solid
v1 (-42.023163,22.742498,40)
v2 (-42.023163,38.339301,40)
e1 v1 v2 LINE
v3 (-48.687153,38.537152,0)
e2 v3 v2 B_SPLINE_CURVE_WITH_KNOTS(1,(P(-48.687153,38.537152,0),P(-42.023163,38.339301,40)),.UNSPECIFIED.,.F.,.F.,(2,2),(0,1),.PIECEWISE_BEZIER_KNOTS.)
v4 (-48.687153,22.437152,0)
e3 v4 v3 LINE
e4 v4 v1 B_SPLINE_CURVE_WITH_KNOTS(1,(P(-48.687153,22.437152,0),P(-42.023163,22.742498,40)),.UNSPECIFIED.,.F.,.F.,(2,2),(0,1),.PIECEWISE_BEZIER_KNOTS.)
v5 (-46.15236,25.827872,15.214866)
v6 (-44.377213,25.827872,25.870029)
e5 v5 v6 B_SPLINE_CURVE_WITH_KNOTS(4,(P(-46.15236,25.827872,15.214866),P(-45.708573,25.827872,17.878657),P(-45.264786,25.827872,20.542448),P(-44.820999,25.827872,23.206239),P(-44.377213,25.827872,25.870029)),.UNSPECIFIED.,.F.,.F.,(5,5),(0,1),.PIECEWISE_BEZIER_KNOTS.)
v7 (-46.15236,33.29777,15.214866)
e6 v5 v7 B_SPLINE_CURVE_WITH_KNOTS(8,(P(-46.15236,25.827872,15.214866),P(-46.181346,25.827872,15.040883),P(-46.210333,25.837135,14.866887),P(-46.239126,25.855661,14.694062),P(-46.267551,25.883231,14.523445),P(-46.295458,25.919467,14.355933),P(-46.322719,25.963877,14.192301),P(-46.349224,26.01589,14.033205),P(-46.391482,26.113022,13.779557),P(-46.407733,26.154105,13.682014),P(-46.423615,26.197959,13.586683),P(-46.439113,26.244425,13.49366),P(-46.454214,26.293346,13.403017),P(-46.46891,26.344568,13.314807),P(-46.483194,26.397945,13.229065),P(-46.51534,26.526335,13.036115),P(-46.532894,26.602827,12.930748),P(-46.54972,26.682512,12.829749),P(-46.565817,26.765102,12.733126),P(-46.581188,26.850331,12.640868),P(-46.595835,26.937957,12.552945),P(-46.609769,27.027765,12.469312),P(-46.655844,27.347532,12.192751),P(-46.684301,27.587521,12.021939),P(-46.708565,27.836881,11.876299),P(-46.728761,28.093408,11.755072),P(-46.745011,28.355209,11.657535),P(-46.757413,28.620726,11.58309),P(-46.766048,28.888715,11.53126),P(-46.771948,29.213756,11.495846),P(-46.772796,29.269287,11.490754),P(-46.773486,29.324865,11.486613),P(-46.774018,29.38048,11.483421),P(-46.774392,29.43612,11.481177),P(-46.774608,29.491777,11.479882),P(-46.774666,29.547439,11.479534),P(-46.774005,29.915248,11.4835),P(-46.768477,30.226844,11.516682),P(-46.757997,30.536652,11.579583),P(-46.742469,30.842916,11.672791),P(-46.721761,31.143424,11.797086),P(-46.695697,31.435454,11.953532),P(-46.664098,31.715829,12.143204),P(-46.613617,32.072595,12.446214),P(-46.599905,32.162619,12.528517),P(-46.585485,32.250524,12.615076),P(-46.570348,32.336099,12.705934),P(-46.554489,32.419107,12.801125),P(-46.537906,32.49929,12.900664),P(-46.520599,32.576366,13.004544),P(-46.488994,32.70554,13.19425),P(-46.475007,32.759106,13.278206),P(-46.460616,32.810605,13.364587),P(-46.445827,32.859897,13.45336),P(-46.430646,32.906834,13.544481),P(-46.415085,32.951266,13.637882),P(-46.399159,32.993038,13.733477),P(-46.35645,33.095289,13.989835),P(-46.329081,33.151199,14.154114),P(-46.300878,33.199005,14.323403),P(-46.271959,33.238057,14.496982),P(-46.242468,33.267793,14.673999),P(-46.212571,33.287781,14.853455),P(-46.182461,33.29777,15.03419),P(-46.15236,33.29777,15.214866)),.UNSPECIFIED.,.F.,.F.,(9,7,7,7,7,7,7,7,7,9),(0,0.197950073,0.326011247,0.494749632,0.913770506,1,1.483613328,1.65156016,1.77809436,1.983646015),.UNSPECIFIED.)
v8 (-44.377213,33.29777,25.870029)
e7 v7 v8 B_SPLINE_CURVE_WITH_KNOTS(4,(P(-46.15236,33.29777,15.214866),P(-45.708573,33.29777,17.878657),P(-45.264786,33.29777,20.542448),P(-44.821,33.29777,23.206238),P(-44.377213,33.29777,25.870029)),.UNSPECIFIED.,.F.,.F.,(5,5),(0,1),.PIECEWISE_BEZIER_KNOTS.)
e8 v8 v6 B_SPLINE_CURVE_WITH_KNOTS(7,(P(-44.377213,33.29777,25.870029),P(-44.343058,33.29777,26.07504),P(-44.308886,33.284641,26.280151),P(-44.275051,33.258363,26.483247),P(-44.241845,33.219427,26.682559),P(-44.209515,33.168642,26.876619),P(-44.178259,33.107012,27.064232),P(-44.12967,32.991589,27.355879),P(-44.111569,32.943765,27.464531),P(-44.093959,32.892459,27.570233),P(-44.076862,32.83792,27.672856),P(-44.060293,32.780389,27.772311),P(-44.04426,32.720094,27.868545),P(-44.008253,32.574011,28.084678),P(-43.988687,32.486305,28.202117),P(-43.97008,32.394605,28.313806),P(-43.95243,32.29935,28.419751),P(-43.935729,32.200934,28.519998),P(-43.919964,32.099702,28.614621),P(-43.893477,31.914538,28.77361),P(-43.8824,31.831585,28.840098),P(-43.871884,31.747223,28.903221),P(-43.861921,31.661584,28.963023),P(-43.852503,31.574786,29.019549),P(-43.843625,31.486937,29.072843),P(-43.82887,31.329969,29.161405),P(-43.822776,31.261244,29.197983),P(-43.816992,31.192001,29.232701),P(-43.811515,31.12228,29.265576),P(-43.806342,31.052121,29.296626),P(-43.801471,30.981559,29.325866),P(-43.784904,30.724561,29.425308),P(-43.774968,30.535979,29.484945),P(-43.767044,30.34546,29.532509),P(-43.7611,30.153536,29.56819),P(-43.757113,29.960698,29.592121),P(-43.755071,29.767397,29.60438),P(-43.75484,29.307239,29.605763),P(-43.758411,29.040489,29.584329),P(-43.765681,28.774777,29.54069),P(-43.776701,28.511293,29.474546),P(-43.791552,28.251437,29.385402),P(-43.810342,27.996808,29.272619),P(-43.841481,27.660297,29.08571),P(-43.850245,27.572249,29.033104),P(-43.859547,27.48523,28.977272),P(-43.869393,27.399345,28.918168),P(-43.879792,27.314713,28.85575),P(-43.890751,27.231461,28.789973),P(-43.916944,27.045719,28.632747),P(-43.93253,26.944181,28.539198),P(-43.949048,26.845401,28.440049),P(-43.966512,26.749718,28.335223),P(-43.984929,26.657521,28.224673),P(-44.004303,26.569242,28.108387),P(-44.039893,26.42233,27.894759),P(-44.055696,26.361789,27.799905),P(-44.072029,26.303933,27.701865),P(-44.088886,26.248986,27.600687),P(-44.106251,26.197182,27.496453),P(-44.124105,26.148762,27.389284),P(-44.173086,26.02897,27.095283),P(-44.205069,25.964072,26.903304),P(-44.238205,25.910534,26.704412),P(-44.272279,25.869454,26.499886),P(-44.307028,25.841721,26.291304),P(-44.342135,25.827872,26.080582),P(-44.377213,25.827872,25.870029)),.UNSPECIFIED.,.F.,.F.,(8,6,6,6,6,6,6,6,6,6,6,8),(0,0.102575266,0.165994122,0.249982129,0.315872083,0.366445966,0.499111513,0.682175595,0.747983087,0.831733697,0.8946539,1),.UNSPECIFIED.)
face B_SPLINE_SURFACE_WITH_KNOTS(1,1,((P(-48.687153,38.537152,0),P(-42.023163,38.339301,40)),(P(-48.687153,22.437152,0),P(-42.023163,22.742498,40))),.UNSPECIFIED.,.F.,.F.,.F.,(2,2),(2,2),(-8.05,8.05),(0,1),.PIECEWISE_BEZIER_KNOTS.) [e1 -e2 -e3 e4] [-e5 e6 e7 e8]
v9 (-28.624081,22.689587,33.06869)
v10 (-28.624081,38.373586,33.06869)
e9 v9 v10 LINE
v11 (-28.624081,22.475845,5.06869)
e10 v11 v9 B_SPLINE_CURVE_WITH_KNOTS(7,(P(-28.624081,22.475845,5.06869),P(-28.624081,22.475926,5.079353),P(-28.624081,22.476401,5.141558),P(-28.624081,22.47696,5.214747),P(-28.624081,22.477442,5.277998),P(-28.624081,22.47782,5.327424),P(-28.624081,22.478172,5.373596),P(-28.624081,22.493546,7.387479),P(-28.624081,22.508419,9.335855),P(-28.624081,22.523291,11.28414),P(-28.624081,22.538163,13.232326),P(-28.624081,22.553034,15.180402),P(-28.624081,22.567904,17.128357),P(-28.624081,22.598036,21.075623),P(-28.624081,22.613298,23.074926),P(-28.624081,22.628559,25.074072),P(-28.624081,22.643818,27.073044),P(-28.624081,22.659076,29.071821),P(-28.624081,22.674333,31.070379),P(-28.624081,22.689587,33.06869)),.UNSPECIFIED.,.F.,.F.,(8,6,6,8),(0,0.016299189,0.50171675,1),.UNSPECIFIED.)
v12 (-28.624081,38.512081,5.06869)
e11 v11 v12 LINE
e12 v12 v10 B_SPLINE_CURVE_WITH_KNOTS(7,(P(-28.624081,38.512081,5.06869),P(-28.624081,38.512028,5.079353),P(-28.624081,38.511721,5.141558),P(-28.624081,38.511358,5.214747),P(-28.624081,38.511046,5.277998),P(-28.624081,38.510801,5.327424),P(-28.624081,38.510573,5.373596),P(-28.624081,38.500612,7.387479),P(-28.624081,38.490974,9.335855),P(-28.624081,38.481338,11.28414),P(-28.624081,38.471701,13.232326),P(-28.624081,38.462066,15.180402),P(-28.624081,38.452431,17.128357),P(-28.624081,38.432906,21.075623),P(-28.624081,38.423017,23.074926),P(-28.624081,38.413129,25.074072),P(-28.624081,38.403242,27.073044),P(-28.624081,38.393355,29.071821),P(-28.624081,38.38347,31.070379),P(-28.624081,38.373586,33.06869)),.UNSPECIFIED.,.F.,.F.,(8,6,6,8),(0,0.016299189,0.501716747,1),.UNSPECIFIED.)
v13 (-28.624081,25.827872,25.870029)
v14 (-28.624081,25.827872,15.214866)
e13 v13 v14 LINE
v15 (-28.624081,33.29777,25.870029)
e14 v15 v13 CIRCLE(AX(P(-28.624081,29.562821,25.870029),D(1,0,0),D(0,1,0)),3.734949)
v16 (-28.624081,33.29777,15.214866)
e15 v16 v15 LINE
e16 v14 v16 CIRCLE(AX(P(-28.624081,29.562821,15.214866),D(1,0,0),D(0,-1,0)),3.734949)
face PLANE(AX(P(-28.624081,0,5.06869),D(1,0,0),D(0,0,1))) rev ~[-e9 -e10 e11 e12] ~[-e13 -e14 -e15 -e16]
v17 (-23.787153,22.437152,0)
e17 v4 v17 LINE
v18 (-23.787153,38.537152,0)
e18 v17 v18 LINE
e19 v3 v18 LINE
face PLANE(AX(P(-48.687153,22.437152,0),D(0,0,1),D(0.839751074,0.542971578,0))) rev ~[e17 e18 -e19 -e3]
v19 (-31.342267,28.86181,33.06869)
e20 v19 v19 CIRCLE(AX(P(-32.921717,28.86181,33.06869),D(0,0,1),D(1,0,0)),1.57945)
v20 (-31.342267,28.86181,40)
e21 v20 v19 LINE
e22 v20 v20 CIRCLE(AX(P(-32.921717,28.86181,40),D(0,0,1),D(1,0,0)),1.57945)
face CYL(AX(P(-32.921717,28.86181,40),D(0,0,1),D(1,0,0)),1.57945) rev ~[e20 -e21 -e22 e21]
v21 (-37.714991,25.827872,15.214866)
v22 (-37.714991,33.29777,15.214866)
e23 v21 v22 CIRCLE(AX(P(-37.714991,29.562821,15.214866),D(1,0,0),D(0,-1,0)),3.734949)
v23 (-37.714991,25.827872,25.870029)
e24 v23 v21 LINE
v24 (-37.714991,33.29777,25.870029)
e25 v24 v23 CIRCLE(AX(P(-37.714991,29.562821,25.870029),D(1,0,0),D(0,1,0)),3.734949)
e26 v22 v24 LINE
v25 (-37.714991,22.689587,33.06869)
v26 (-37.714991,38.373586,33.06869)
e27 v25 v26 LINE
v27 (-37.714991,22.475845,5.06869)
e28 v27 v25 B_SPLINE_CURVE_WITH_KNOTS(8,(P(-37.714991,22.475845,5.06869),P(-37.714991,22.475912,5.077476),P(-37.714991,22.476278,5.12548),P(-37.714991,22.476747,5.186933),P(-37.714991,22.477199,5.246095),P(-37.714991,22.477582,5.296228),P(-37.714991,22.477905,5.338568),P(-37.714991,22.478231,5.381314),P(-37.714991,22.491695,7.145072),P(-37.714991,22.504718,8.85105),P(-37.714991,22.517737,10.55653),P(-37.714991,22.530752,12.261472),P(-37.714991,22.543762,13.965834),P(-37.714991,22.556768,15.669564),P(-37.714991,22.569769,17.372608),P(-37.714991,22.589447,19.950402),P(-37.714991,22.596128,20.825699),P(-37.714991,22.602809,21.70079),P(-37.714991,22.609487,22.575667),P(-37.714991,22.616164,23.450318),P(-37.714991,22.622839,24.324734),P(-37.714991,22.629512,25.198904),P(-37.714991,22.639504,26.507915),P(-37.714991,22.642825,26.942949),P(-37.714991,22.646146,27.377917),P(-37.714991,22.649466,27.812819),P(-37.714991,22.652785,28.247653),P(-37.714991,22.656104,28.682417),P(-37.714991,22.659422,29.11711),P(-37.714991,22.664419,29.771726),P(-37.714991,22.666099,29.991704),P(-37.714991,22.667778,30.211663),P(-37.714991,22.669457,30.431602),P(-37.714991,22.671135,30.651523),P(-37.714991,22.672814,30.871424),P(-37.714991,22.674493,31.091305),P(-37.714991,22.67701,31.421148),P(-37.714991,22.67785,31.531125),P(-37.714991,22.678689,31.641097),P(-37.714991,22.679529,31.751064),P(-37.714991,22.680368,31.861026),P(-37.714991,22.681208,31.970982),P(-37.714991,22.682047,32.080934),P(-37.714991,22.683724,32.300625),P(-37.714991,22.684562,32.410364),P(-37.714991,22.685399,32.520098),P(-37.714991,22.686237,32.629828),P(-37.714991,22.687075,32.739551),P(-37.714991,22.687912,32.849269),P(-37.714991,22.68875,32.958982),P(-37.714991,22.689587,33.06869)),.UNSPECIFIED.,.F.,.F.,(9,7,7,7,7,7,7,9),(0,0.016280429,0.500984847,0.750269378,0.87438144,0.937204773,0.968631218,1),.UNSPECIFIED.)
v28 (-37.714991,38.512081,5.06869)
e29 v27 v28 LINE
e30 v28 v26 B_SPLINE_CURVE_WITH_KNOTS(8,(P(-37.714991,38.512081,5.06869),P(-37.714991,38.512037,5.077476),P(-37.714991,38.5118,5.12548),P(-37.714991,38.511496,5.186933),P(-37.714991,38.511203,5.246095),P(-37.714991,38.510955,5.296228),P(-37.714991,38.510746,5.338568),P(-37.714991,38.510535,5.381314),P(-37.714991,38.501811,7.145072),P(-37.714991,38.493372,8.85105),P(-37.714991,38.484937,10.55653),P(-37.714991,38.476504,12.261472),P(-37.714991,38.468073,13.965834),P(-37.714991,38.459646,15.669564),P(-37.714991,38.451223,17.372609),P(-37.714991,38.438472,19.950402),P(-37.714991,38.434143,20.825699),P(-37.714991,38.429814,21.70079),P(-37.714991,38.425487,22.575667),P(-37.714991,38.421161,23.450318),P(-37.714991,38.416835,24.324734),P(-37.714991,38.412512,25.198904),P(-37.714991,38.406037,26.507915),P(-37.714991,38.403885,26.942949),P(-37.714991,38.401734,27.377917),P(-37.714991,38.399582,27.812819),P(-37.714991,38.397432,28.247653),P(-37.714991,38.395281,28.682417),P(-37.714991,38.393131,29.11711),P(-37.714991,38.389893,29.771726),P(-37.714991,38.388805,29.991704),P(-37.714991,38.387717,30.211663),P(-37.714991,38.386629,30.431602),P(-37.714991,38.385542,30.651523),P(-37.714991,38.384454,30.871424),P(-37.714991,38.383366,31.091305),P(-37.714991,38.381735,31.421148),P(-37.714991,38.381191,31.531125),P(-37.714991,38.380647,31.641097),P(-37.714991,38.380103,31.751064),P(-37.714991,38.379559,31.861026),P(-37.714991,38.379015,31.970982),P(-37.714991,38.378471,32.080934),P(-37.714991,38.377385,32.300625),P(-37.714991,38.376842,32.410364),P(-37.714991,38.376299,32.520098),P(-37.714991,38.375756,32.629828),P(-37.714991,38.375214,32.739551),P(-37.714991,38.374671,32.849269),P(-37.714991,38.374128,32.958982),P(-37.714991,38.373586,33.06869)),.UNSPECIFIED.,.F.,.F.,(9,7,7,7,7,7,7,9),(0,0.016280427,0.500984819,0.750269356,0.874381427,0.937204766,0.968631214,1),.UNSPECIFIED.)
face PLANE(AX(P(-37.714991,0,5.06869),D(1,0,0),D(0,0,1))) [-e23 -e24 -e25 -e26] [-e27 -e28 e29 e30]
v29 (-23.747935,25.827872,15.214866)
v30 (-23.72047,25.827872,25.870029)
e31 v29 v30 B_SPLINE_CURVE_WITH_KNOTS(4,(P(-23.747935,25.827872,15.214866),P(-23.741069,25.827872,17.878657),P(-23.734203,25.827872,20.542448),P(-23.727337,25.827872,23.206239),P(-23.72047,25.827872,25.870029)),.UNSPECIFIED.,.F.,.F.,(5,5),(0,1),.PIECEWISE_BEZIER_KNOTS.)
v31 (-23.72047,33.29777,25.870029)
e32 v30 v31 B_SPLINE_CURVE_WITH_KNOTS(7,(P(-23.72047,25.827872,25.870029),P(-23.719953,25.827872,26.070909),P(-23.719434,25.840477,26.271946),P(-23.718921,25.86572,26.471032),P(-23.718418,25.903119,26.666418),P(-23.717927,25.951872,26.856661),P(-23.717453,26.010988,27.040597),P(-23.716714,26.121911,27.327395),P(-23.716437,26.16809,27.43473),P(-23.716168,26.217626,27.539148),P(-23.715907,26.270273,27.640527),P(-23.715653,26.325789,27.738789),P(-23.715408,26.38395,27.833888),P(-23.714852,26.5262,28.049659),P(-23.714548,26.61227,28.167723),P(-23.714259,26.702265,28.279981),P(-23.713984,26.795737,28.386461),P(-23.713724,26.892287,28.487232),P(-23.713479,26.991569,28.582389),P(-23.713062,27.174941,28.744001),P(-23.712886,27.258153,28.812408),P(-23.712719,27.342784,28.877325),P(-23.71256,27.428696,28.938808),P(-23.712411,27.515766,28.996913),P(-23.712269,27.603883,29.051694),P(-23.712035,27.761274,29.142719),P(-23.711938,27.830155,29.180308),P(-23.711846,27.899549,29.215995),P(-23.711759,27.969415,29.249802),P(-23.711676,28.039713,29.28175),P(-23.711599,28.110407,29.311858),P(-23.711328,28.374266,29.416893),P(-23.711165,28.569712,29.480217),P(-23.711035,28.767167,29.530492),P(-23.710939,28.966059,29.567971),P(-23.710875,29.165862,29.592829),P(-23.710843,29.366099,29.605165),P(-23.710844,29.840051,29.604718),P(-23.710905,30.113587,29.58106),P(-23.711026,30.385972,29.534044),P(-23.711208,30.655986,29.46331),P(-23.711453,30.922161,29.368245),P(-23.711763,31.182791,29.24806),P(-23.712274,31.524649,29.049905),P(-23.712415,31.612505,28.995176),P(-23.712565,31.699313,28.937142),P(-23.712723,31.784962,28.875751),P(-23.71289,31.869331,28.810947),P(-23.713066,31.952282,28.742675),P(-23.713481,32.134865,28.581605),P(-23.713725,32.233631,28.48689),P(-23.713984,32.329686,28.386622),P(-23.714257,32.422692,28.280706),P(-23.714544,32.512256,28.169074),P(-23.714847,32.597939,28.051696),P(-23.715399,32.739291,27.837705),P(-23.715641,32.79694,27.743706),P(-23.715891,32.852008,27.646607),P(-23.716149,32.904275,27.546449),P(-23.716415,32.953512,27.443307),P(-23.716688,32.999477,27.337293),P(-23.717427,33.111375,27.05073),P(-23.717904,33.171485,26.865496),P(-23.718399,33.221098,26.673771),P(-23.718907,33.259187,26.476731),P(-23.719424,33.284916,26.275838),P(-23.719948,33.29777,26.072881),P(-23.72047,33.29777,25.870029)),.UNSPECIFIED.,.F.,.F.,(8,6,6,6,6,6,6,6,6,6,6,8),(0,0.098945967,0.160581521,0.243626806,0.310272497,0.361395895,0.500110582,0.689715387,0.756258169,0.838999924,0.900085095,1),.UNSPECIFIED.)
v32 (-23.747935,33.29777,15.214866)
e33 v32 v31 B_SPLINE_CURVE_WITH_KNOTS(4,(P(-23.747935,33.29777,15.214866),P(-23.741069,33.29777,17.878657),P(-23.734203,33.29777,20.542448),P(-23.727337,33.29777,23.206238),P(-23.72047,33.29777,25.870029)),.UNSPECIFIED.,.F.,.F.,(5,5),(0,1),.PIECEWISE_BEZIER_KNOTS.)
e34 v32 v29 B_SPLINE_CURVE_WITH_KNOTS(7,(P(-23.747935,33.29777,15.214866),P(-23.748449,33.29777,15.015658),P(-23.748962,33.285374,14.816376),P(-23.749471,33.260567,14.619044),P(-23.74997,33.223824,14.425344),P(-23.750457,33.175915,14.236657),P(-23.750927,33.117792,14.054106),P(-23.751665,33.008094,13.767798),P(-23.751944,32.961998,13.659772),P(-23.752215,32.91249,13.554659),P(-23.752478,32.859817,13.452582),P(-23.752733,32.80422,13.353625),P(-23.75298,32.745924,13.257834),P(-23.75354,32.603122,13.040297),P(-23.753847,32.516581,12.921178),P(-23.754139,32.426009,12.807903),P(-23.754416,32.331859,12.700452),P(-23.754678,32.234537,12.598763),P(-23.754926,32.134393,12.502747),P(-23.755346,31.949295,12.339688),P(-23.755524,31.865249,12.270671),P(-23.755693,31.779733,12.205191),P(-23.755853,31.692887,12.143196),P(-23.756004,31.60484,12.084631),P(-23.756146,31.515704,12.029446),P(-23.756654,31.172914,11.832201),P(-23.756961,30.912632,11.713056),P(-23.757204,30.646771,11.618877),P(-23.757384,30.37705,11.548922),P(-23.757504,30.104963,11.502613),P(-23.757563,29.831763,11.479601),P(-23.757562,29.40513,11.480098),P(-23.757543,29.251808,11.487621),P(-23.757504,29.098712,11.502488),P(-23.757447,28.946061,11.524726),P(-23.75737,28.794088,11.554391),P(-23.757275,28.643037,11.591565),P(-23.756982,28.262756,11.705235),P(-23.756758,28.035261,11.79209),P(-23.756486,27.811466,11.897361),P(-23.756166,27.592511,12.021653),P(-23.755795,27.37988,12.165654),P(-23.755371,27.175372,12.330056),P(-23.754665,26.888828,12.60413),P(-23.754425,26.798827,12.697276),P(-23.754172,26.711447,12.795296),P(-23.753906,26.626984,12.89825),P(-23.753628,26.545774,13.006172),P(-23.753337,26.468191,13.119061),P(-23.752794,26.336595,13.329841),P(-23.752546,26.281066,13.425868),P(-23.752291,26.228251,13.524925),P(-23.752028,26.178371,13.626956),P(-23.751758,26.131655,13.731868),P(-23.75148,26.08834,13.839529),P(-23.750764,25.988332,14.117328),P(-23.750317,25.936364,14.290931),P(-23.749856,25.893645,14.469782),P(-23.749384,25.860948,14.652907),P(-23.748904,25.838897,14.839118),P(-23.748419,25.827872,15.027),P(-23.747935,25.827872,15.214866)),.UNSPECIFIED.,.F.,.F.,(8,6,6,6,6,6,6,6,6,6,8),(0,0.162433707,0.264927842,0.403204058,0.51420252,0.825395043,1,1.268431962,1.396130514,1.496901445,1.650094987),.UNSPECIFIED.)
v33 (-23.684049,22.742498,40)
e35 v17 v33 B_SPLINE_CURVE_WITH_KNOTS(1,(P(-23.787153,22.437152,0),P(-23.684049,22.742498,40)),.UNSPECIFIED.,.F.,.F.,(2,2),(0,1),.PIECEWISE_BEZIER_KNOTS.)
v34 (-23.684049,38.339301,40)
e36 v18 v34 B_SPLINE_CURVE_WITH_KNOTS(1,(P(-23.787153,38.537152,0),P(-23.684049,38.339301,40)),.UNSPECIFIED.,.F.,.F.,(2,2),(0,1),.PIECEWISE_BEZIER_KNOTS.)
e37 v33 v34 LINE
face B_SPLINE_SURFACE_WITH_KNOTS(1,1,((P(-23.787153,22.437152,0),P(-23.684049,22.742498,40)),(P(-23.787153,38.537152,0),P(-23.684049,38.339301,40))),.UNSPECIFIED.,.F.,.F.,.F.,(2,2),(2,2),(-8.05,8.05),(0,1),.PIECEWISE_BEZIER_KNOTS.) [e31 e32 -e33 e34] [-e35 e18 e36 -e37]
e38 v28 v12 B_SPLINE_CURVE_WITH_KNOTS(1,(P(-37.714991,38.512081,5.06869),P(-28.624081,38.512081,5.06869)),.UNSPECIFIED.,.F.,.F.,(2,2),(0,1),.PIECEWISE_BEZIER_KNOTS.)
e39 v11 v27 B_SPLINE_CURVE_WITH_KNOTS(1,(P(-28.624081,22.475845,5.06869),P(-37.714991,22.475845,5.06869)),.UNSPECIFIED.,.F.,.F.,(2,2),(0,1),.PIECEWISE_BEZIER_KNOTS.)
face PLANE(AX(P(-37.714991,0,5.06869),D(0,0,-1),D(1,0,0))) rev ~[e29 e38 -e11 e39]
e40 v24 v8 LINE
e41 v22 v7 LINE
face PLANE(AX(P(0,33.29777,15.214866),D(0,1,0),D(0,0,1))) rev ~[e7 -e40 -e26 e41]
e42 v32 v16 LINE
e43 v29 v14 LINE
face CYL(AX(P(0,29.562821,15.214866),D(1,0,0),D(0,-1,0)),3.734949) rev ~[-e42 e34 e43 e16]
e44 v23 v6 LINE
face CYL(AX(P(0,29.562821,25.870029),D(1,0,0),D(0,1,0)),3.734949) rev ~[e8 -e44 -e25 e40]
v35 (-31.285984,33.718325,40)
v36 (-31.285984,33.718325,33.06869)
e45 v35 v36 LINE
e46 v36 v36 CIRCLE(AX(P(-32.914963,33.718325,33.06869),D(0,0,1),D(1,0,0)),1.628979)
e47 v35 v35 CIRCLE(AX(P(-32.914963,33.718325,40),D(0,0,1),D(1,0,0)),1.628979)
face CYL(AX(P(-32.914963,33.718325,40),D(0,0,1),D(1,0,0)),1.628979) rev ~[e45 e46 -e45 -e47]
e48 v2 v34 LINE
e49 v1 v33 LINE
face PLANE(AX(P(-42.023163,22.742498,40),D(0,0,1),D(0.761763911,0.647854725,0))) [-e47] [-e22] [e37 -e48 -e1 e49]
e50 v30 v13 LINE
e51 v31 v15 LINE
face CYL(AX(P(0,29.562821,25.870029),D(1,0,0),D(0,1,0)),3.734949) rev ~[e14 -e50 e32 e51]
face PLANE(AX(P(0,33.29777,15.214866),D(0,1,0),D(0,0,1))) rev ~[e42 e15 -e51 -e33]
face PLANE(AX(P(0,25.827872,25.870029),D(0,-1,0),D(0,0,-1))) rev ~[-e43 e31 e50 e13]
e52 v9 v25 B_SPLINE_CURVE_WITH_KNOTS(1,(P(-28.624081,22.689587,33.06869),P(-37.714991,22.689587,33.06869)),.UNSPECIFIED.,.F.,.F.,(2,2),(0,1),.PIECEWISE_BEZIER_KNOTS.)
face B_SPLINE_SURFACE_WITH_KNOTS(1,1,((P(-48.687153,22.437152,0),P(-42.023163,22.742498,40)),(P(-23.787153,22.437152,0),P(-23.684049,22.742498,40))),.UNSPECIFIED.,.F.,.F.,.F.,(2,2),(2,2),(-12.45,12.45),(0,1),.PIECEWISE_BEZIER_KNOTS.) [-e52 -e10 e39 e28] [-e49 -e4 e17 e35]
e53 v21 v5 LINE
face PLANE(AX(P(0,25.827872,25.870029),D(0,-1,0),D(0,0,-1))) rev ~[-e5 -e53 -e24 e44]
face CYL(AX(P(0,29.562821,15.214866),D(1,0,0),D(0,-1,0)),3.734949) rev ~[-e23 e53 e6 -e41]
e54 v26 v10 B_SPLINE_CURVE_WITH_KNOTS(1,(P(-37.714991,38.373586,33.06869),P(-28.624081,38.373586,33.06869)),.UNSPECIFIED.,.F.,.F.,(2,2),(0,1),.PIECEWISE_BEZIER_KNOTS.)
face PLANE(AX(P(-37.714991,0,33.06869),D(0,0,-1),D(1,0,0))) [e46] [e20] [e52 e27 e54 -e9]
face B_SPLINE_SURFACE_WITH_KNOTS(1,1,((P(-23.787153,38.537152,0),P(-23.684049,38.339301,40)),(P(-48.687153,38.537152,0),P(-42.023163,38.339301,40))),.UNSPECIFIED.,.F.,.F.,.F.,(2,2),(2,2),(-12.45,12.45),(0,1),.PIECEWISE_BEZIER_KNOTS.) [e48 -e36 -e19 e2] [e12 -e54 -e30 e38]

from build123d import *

# Parameters (mm, degrees)
F1_W      = 24.9
F1_H      = 16.1
F2_W      = 18.339114
F2_H      = 15.596803
F4_W      = 9.09091
F4_H      = 28
F5_DEPTH  = 43.97606
F7_DEPTH  = 48.58648
F8_R      = 1.628979
F9_DEPTH  = 25
F10_R     = 1.57945
F11_DEPTH = 25


with BuildPart() as f3:
    # F1 (on Top) → F3 section 0
    with BuildSketch(Plane.XY):
        with Locations((-36.237153, 30.487152)):
            Rectangle(F1_W, F1_H)
    # F2 (on offset) → F3 section 1
    with BuildSketch(Plane.XY.offset(40)):
        with Locations((-32.853606, 30.5409)):
            Rectangle(F2_W, F2_H)
    loft()

    # F4 (on Front) → F5 (cut)
    with BuildSketch(Plane.XZ):
        with Locations((-33.169536, 19.06869)):
            Rectangle(F4_W, F4_H)
    extrude(amount=-F5_DEPTH, mode=Mode.SUBTRACT)

    # F6 (on Right) → F7 (cut)
    with BuildSketch(Plane.YZ):
        with BuildLine():
            ThreePointArc((33.29777, 25.870029), (29.562821, 29.604978), (25.827872, 25.870029))
            Line((25.827872, 25.870029), (25.827872, 15.214866))
            ThreePointArc((25.827872, 15.214866), (29.562821, 11.479917), (33.29777, 15.214866))
            Line((33.29777, 15.214866), (33.29777, 25.870029))
        make_face()
    extrude(amount=-F7_DEPTH, mode=Mode.SUBTRACT)

    # F8 (on offset) → F9 (cut)
    with BuildSketch(Plane.XY.offset(40)):
        with Locations((-32.914963, 33.718325)):
            Circle(F8_R)
    extrude(amount=-F9_DEPTH, mode=Mode.SUBTRACT)

    # F10 (on offset) → F11 (cut)
    with BuildSketch(Plane.XY.offset(40)):
        with Locations((-32.921717, 28.86181)):
            Circle(F10_R)
    extrude(amount=-F11_DEPTH, mode=Mode.SUBTRACT)


solid = f3.part
